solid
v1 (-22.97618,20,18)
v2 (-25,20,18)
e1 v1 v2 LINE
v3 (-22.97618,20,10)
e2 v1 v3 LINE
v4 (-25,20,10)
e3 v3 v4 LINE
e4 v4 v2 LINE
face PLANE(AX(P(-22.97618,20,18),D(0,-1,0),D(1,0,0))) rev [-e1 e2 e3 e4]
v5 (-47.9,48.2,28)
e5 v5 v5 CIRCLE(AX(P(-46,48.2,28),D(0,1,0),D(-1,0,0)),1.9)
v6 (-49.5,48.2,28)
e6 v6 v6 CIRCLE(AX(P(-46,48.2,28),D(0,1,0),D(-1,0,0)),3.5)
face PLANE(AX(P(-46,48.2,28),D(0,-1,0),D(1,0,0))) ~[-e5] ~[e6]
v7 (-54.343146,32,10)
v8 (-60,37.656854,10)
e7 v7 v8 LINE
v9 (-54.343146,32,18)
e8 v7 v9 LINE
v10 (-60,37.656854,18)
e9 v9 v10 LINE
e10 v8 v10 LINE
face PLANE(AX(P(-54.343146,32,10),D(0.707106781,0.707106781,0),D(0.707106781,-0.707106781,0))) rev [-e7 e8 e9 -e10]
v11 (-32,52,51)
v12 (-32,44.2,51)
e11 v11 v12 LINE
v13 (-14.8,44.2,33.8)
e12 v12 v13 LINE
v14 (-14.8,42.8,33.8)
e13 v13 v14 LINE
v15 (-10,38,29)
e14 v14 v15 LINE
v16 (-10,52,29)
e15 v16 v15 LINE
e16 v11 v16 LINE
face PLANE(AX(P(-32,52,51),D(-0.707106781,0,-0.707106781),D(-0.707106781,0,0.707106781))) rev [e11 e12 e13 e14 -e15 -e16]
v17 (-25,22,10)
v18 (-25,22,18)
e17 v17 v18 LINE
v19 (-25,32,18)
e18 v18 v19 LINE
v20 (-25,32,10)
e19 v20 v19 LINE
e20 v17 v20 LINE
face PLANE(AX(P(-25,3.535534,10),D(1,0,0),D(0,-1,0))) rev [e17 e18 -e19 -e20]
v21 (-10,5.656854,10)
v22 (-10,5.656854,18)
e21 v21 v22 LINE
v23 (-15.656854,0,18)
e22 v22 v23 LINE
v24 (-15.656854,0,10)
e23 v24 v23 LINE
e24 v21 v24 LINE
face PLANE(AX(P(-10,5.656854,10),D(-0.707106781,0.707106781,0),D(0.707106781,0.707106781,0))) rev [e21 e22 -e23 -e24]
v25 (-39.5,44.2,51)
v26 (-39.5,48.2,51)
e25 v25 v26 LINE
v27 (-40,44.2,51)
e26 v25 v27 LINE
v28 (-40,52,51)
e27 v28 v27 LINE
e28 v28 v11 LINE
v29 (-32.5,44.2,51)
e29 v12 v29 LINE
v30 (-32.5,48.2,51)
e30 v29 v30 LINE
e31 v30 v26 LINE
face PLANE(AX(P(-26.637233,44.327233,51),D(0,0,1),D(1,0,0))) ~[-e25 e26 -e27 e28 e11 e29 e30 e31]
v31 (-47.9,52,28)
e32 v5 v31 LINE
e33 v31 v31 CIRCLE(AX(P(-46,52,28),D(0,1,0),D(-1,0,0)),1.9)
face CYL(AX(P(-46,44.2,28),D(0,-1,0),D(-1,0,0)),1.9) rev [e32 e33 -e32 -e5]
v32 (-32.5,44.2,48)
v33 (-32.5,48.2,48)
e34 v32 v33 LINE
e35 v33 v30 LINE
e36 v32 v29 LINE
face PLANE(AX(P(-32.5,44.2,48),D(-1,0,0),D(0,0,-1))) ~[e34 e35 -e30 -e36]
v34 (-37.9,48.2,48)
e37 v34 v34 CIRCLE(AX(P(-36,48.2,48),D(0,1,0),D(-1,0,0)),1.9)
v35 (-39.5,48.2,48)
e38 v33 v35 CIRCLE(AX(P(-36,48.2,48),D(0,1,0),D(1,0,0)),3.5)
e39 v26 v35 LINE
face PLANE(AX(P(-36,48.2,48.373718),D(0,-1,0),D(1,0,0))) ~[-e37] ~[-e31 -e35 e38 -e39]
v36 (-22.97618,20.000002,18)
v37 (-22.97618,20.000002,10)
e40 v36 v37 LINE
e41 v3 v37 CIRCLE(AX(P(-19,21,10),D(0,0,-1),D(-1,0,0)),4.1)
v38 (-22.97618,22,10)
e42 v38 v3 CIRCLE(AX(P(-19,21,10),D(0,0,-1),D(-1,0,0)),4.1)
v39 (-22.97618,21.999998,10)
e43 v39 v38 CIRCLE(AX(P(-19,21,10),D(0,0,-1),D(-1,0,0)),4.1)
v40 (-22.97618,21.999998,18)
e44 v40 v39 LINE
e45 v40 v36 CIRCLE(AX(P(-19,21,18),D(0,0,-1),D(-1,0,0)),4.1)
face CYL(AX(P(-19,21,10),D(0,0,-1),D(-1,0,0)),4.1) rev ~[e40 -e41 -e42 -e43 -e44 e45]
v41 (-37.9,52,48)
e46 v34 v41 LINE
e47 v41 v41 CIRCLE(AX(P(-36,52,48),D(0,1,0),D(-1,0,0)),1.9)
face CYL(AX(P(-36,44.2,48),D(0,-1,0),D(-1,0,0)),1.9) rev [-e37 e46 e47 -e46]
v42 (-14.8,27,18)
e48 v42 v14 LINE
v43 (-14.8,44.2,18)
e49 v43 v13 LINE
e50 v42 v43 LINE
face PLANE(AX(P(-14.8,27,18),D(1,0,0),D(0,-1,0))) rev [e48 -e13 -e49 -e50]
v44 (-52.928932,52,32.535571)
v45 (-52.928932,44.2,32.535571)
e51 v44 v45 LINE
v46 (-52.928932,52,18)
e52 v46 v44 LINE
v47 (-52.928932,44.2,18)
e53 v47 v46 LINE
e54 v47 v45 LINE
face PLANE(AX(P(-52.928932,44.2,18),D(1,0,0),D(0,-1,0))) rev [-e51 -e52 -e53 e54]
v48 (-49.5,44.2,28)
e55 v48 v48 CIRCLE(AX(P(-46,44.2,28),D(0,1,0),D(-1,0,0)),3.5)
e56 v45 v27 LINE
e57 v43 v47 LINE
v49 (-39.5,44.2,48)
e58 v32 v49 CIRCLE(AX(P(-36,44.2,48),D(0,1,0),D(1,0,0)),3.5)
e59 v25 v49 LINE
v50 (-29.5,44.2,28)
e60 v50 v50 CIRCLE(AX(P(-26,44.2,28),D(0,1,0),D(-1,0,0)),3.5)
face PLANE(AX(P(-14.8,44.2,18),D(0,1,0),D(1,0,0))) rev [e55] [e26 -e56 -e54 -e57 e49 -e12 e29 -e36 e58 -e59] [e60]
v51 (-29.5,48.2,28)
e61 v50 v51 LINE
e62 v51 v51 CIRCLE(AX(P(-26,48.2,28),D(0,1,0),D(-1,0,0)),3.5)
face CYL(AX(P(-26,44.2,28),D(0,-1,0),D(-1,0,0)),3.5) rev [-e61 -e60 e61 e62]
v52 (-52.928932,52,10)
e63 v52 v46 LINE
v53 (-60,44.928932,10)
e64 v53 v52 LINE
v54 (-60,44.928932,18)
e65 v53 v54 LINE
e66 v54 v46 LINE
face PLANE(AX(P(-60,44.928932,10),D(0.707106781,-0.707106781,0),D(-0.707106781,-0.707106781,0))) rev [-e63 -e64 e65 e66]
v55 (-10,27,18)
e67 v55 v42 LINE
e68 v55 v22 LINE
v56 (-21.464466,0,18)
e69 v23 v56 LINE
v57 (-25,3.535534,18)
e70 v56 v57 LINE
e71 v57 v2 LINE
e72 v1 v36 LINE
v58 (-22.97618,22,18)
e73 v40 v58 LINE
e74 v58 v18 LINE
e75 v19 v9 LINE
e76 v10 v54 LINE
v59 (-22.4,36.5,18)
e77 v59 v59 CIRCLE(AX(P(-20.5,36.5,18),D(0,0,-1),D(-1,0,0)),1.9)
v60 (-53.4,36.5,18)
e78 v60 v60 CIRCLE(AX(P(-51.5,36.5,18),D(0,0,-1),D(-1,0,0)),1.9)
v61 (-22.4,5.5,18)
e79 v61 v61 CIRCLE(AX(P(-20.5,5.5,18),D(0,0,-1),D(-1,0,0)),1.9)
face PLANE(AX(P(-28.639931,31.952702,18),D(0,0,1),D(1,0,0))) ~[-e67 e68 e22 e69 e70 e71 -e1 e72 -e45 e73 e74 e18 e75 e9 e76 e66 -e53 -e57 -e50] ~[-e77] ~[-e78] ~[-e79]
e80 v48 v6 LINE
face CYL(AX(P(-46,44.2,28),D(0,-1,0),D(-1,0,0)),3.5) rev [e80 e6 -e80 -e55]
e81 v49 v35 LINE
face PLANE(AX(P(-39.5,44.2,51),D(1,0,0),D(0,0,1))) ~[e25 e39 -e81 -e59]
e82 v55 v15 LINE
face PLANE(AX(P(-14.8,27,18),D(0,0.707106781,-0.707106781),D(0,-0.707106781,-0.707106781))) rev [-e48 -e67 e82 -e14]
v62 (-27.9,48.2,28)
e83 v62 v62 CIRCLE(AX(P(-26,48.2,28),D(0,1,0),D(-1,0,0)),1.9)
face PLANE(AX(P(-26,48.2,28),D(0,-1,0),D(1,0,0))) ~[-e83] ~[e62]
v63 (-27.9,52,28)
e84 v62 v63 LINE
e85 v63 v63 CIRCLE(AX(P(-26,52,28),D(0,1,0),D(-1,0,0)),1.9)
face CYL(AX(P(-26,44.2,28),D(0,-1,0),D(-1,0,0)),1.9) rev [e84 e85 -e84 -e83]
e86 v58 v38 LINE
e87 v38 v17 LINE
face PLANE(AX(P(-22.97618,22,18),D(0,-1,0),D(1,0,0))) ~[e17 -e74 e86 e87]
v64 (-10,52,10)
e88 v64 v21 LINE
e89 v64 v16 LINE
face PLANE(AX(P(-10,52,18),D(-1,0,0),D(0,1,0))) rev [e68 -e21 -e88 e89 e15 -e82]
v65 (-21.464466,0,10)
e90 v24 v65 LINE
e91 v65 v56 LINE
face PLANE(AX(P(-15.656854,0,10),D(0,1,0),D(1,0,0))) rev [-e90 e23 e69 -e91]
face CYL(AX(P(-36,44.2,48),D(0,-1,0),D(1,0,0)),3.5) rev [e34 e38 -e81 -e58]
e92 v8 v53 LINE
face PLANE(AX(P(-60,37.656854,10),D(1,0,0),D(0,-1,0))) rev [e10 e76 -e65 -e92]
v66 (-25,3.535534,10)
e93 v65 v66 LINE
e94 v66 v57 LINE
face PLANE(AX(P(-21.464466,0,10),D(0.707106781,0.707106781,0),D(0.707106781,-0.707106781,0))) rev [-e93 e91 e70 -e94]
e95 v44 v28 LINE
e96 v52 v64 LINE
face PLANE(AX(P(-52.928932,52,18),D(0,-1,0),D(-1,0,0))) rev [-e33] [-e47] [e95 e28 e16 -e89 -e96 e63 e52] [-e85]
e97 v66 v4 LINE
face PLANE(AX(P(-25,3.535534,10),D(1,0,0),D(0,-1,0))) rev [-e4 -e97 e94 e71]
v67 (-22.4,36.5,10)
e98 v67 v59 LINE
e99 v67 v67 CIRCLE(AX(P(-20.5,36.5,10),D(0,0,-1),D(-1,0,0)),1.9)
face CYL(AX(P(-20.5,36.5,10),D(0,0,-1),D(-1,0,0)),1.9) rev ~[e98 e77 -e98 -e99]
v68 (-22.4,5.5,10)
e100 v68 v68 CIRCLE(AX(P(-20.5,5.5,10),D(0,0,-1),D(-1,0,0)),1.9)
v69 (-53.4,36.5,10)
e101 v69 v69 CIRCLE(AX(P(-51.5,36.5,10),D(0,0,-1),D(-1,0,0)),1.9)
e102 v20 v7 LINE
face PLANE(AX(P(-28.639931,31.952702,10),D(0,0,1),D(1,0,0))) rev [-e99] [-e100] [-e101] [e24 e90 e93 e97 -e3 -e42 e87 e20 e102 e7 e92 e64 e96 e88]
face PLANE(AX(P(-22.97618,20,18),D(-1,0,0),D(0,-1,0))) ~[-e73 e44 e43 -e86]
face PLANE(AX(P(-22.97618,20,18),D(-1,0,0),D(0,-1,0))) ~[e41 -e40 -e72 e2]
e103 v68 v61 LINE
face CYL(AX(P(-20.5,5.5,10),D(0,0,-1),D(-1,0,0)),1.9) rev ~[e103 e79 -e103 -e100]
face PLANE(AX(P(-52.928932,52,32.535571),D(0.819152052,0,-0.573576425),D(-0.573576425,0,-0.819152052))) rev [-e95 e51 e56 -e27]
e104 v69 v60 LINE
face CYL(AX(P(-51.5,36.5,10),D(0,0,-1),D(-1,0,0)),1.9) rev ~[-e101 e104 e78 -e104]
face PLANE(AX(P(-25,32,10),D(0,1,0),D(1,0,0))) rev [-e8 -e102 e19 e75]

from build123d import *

# Parameters (mm, degrees)
SKETCH_R        = 1.9
SKETCH_R_2      = 4.1
PAD_DEPTH       = 8
PAD001_DEPTH    = 33
SKETCH002_R     = 1.9
POCKET_DEPTH    = 7.801
POCKET001_DEPTH = 5
POCKET002_DEPTH = 52.001
SKETCH006_R     = 3.5
POCKET003_DEPTH = 4
SKETCH007_W     = 2.023821
SKETCH007_H     = 2
POCKET004_DEPTH = 8.001


with BuildPart() as pocket004:
    # Sketch → Pad (new body)
    with BuildSketch(Plane.XY.offset(10)):
        Polygon((0, 52), (0, 5.656854), (5.656854, 0), (11.464466, 0), (15, 3.535534), (15, 32), (44.343146, 32), (50, 37.656854), (50, 44.928932), (42.928932, 52), align=None)
        with Locations((41.5, 36.5)):
            Circle(SKETCH_R, mode=Mode.SUBTRACT)
        with Locations((10.5, 36.5)):
            Circle(SKETCH_R, mode=Mode.SUBTRACT)
        with Locations((10.5, 5.5)):
            Circle(SKETCH_R, mode=Mode.SUBTRACT)
        with Locations((9, 21)):
            Circle(SKETCH_R_2, mode=Mode.SUBTRACT)
    extrude(amount=PAD_DEPTH)

    # Sketch001 → Pad001 (new body)
    with BuildSketch(Plane.XY.offset(18)):
        Polygon((42.928932, 52), (0, 52), (0, 27), (4.8, 27), (4.8, 44.2), (42.928932, 44.2), align=None)
    extrude(amount=PAD001_DEPTH)

    # Sketch002 → Pocket (cut, through all)
    with BuildSketch(Plane(origin=(0, 44.2, 10), x_dir=(1, 0, 0), z_dir=(0, -1, 0))):
        with Locations((26, 38)):
            Circle(SKETCH002_R)
        with Locations((16, 18)):
            Circle(SKETCH002_R)
        with Locations((36, 18)):
            Circle(SKETCH002_R)
    extrude(amount=-POCKET_DEPTH, mode=Mode.SUBTRACT)

    # Sketch003 → Pocket001 (cut)
    with BuildSketch(Plane(origin=(4.8, 0, 10), x_dir=(0, 1, 0), z_dir=(1, 0, 0))):
        Polygon((27, 8), (44.2, 25.2), (44.2, 41), (27, 41), align=None)
    extrude(amount=-POCKET001_DEPTH, mode=Mode.SUBTRACT)

    # Sketch005 → Pocket002 (cut, through all)
    with BuildSketch(Plane(origin=(0, 52, 10), x_dir=(-1, 0, 0), z_dir=(0, 1, 0))):
        Polygon((-42.928932, 22.535571), (-30, 41), (-42.928932, 41), align=None)
        Polygon((-22, 41), (0, 19), (0, 41), align=None)
    extrude(amount=-POCKET002_DEPTH, mode=Mode.SUBTRACT)

    # Sketch006 → Pocket003 (cut)
    with BuildSketch(Plane(origin=(0, 44.2, 10), x_dir=(1, 0, 0), z_dir=(0, -1, 0))):
        with Locations((16, 18)):
            Circle(SKETCH006_R)
        with Locations((36, 18)):
            Circle(SKETCH006_R)
        with BuildLine():
            ThreePointArc((22.5, 38), (26, 34.5), (29.5, 38))
            Line((29.5, 41), (29.5, 38))
            Line((22.5, 41), (29.5, 41))
            Line((22.5, 38), (22.5, 41))
        make_face()
    extrude(amount=-POCKET003_DEPTH, mode=Mode.SUBTRACT)

    # Sketch007 → Pocket004 (cut, through all)
    with BuildSketch(Plane.XY.offset(18)):
        with Locations((13.98809, 21)):
            Rectangle(SKETCH007_W, SKETCH007_H)
    extrude(amount=-POCKET004_DEPTH, mode=Mode.SUBTRACT)


with BuildPart() as part_mirroring:
    # Part__Mirroring: instance of Pocket004
    add(pocket004.part.mirror(Plane(origin=(0, 26, 30.500002), x_dir=(0, -1, 0), z_dir=(1, 0, 0))))


with BuildPart() as part_mirroring_1:
    # Part__Mirroring placement: moved
    add(part_mirroring.part.moved(Location((-10, 0, 0))))


solid = part_mirroring_1.part
